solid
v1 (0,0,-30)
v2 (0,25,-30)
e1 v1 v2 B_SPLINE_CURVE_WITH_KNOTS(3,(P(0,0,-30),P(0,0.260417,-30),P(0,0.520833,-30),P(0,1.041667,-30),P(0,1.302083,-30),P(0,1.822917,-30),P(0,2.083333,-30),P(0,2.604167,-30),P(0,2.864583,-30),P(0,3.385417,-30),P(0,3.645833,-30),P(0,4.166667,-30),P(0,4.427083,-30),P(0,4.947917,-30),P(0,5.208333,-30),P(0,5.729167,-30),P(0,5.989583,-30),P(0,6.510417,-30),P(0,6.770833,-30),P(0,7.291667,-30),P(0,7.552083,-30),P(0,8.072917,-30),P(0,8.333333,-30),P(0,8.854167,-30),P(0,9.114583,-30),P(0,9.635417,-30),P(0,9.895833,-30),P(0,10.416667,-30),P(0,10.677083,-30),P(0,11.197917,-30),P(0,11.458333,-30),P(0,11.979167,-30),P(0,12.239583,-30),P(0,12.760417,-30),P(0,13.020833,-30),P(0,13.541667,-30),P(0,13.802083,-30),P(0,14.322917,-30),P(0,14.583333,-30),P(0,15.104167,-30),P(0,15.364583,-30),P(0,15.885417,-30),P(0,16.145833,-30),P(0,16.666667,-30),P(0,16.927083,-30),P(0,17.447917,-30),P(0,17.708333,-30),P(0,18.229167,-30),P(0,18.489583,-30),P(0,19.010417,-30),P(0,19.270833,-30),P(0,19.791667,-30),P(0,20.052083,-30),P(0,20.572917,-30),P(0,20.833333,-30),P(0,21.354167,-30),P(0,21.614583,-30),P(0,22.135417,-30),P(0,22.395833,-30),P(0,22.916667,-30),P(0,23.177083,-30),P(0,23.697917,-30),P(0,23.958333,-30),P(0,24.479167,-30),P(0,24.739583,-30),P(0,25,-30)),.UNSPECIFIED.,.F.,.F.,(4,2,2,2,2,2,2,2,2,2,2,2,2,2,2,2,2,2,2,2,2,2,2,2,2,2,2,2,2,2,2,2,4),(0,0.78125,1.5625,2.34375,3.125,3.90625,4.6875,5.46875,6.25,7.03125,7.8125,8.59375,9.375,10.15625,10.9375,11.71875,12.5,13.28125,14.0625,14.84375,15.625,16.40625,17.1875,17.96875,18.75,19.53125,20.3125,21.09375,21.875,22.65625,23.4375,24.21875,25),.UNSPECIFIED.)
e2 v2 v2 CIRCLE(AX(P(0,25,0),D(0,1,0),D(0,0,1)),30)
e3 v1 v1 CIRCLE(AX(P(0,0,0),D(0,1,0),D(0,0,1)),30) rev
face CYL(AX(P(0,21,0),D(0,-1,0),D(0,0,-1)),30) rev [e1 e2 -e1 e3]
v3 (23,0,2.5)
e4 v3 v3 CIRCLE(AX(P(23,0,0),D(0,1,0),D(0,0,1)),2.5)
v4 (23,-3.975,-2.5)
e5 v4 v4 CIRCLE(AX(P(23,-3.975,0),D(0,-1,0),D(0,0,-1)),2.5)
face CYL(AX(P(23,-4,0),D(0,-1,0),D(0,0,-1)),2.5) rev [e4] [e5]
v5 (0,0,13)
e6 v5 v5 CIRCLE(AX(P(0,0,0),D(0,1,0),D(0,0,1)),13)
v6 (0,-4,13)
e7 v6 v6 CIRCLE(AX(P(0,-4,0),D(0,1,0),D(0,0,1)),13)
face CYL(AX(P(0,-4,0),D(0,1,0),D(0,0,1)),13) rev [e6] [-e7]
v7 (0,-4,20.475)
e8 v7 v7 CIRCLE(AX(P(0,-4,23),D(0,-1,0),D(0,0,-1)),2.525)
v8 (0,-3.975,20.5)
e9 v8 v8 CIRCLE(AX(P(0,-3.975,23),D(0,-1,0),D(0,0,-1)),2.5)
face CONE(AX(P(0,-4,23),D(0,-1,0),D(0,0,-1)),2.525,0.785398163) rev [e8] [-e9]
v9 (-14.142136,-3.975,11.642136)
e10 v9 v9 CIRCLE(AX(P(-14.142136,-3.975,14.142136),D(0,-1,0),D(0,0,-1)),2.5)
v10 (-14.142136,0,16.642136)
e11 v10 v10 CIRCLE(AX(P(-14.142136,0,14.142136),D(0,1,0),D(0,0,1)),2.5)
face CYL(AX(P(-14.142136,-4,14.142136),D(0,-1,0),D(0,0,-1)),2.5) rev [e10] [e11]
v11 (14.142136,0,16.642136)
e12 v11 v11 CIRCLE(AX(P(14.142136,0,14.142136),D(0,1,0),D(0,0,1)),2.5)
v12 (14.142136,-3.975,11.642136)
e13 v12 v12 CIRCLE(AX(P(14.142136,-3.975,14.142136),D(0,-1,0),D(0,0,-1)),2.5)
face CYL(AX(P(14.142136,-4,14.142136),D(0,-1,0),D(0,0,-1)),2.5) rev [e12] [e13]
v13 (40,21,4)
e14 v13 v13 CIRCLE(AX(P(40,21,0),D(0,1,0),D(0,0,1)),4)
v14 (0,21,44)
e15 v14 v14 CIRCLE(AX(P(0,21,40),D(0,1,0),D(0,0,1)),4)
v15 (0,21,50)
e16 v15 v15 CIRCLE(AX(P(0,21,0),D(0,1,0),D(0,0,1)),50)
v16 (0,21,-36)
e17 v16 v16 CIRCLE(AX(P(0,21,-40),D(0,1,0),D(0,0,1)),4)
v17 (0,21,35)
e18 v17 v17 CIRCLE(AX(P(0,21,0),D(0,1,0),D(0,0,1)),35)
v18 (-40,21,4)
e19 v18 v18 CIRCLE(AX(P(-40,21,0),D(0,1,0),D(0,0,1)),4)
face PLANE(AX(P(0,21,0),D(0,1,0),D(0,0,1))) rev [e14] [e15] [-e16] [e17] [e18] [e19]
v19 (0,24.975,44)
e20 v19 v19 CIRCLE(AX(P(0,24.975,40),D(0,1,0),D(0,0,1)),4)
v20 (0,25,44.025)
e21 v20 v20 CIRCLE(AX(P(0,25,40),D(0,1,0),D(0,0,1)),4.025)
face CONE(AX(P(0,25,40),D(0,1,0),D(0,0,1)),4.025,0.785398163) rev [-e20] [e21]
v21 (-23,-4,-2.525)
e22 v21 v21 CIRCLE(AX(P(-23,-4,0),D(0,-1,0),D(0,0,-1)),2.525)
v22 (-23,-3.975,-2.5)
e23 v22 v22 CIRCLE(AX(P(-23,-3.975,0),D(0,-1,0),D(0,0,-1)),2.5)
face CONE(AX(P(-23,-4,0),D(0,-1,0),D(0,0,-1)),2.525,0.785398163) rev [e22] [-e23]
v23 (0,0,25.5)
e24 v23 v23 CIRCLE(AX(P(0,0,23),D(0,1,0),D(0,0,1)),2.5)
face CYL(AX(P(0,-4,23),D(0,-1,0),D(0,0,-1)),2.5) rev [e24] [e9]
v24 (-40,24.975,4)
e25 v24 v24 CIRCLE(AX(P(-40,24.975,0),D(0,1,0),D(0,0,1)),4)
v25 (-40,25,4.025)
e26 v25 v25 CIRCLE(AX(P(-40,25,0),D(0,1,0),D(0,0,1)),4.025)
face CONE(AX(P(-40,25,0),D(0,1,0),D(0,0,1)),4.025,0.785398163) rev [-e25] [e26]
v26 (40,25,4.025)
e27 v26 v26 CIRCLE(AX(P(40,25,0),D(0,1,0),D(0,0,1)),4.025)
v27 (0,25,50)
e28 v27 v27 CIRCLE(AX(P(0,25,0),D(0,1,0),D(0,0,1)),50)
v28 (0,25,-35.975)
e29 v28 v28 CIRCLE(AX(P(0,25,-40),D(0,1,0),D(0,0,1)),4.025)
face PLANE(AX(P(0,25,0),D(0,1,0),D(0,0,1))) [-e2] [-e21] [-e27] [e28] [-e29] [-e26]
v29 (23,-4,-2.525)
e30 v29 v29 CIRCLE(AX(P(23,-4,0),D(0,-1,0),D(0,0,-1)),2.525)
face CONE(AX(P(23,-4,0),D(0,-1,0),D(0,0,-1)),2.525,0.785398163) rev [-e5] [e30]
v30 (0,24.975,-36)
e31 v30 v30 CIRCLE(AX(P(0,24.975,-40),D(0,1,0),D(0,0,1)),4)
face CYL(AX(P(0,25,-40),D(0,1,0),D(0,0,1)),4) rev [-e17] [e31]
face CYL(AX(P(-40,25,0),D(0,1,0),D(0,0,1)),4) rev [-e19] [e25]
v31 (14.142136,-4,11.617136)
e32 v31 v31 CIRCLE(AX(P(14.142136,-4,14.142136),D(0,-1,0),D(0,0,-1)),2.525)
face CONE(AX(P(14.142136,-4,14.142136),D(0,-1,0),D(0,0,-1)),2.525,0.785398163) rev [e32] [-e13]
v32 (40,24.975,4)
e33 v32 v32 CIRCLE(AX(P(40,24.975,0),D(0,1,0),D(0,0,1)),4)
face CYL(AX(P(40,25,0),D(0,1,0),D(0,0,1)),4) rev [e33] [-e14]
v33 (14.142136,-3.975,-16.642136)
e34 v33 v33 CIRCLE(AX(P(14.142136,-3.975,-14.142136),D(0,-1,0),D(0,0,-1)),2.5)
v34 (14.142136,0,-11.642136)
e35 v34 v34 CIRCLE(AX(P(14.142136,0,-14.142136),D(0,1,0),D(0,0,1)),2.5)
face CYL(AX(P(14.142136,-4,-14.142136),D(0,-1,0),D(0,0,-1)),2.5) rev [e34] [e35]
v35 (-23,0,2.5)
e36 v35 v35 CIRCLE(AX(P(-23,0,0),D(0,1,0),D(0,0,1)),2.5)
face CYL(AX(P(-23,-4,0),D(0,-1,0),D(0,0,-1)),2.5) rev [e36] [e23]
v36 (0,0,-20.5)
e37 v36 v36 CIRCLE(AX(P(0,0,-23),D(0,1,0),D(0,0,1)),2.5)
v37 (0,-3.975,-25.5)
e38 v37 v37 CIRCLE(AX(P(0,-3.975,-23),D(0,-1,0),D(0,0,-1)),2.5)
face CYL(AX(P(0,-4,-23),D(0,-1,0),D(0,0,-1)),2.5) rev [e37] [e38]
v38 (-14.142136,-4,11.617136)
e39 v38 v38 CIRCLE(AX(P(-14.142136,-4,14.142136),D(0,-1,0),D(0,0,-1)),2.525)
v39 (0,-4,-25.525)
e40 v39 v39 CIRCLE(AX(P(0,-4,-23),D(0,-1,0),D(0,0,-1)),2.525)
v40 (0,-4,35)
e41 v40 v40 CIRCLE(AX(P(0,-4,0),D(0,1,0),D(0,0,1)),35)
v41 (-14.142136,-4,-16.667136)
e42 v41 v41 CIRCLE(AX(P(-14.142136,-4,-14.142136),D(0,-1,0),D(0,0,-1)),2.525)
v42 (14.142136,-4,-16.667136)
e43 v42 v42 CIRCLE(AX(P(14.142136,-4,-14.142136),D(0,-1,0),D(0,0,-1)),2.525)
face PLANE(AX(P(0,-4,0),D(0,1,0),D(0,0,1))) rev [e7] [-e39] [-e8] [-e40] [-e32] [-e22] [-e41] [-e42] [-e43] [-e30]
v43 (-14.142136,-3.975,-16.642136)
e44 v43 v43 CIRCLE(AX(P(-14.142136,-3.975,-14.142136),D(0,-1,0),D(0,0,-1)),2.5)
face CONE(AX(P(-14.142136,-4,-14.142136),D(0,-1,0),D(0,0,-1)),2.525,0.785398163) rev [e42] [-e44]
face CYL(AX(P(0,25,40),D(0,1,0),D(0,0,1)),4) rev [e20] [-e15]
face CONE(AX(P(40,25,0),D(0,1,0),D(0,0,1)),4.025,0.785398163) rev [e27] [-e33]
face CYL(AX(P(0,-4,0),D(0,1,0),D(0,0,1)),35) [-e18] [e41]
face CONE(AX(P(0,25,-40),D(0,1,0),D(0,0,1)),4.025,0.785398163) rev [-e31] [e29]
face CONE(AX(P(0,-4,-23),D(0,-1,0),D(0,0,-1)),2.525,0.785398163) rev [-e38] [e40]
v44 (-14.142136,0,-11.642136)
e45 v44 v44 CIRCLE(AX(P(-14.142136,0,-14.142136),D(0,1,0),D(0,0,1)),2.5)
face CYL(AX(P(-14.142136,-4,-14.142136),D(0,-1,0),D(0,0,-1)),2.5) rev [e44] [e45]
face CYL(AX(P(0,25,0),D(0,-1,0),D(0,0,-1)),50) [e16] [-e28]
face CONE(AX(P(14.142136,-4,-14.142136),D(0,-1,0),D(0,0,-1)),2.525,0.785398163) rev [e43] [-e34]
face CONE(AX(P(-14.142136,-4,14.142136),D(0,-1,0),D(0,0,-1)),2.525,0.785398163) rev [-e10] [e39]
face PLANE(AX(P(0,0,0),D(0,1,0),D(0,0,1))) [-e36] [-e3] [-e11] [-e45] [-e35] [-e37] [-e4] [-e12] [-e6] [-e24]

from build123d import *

# Parameters (mm, degrees)
SKETCH1_R                        = 35
SKETCH1_R_2                      = 13
BOSS_EXTRUDE1_DEPTH              = 4
F_5_0_MM_DOWEL_HOLES1_AT_2_COUNT = 2
F_5_0_MM_DOWEL_HOLES1_AT_2_PITCH = 32.526911935
F_5_0_MM_DOWEL_HOLES2_AT_2_COUNT = 2
F_5_0_MM_DOWEL_HOLES2_AT_2_PITCH = 28.284271247
BOSS_EXTRUDE2_START              = 21
SKETCH6_R                        = 35
SKETCH6_R_2                      = 30
BOSS_EXTRUDE2_DEPTH              = 21
BOSS_EXTRUDE3_START              = 4
SKETCH7_R                        = 50
SKETCH7_R_2                      = 30
BOSS_EXTRUDE3_DEPTH              = 4
F_8_0_MM_DOWEL_HOLES1_AT_2_COUNT = 2
F_8_0_MM_DOWEL_HOLES1_AT_2_PITCH = 56.568542495


with BuildPart() as part:
    # Sketch1 → Boss-Extrude1 (new body)
    with BuildSketch(Plane(origin=(0, 0, 0), x_dir=(1, 0, 0), z_dir=(0, 1, 0))):
        with Locations(Location((0, 0, 0), (0, 0, 270))):
            Circle(SKETCH1_R)
        with Locations(Location((0, 0, 0), (0, 0, 270))):
            Circle(SKETCH1_R_2, mode=Mode.SUBTRACT)
    extrude(amount=-BOSS_EXTRUDE1_DEPTH)

    # Sketch3 → Ø5.0 mm Dowel Holes1 (revolve, cut)
    with BuildSketch(Plane(origin=(0, -4, 23), x_dir=(0, 0, -1), z_dir=(1, 0, 0))):
        Polygon((0, 0), (0, 21.502151548), (2.5, 20), (2.5, 0.025), (2.525, 0), align=None)
    f_5_0_mm_dowel_holes1 = revolve(axis=Axis((0, -10.35, 23), (0, 1, 0)), mode=Mode.SUBTRACT)

    # Ø5.0 mm Dowel Holes1 at 2: Ø5.0 mm Dowel Holes1 ×2
    with Locations(*[Vector(-0.7071067811865476, 0, -0.7071067811865476) * (i * F_5_0_MM_DOWEL_HOLES1_AT_2_PITCH) for i in range(1, F_5_0_MM_DOWEL_HOLES1_AT_2_COUNT)]):
        add(f_5_0_mm_dowel_holes1, mode=Mode.SUBTRACT)

    # Mirror1: Ø5.0 mm Dowel Holes1 across plane
    add(f_5_0_mm_dowel_holes1.mirror(Plane(origin=(0, 0, 0), x_dir=(0, 0, 1), z_dir=(1, 0, 0))), mode=Mode.SUBTRACT)

    # Mirror1 copy 1 sketch → Mirror1 copy 1 (revolve, cut)
    with BuildSketch(Plane(origin=(23, -4, 0), x_dir=(0, 0, -1), z_dir=(-1, 0, 0))):
        Polygon((0, 0), (0, -21.502151548), (2.5, -20), (2.5, -0.025), (2.525, 0), align=None)
    revolve(axis=Axis((23, -10.35, 0), (0, -1, 0)), mode=Mode.SUBTRACT)

    # Mirror1 at the second plane: Ø5.0 mm Dowel Holes1 across plane
    add(f_5_0_mm_dowel_holes1.mirror(Plane.XY), mode=Mode.SUBTRACT)

    # Mirror1 at the second plane copy 1 sketc → Mirror1 at the second plane copy 1 (revolve, cut)
    with BuildSketch(Plane(origin=(-23, -4, 0), x_dir=(0, 0, 1), z_dir=(1, 0, 0))):
        Polygon((0, 0), (0, -21.502151548), (2.5, -20), (2.5, -0.025), (2.525, 0), align=None)
    revolve(axis=Axis((-23, -10.35, 0), (0, -1, 0)), mode=Mode.SUBTRACT)

    # Sketch5 → Ø5.0 mm Dowel Holes2 (revolve, cut)
    with BuildSketch(Plane(origin=(-14.142135624, -4, 14.142135624), x_dir=(0, 0, -1), z_dir=(1, 0, 0))):
        Polygon((0, 0), (0, 21.502151548), (2.5, 20), (2.5, 0.025), (2.525, 0), align=None)
    f_5_0_mm_dowel_holes2 = revolve(axis=Axis((-14.142135624, -10.35, 14.142135624), (0, 1, 0)), mode=Mode.SUBTRACT)

    # Ø5.0 mm Dowel Holes2 at 2: Ø5.0 mm Dowel Holes2 ×2
    with Locations(*[(i * F_5_0_MM_DOWEL_HOLES2_AT_2_PITCH, 0, 0) for i in range(1, F_5_0_MM_DOWEL_HOLES2_AT_2_COUNT)]):
        add(f_5_0_mm_dowel_holes2, mode=Mode.SUBTRACT)

    # Mirror2: Ø5.0 mm Dowel Holes2 across plane
    add(f_5_0_mm_dowel_holes2.mirror(Plane.XY), mode=Mode.SUBTRACT)

    # Mirror2 copy 1 sketch → Mirror2 copy 1 (revolve, cut)
    with BuildSketch(Plane(origin=(14.142135624, -4, -14.142135624), x_dir=(0, 0, 1), z_dir=(1, 0, 0))):
        Polygon((0, 0), (0, -21.502151548), (2.5, -20), (2.5, -0.025), (2.525, 0), align=None)
    revolve(axis=Axis((14.142135624, -10.35, -14.142135624), (0, -1, 0)), mode=Mode.SUBTRACT)

    # Sketch6 → Boss-Extrude2 (add)
    with BuildSketch(Plane(origin=(0, 0, 0), x_dir=(1, 0, 0), z_dir=(0, 1, 0)).offset(BOSS_EXTRUDE2_START)):
        with Locations(Location((0, 0, 0), (0, 0, 270))):
            Circle(SKETCH6_R)
        with Locations(Location((0, 0, 0), (0, 0, 90))):
            Circle(SKETCH6_R_2, mode=Mode.SUBTRACT)
    extrude(amount=-BOSS_EXTRUDE2_DEPTH)

    # Sketch7 → Boss-Extrude3 (add)
    with BuildSketch(Plane(origin=(0, 21, 0), x_dir=(1, 0, 0), z_dir=(0, 1, 0)).offset(BOSS_EXTRUDE3_START)):
        with Locations(Location((0, 0, 0), (0, 0, 270))):
            Circle(SKETCH7_R)
        with Locations(Location((0, 0, 0), (0, 0, 90))):
            Circle(SKETCH7_R_2, mode=Mode.SUBTRACT)
    extrude(amount=-BOSS_EXTRUDE3_DEPTH)

    # Sketch9 → Ø8.0 mm Dowel Holes1 (revolve, cut)
    with BuildSketch(Plane(origin=(0, 25, -40), x_dir=(0, 0, 1), z_dir=(1, 0, 0))):
        Polygon((0, 0), (0, 22.403442476), (4, 20), (4, 0.025), (4.025, 0), align=None)
    f_8_0_mm_dowel_holes1 = revolve(axis=Axis((0, 31.35, -40), (0, -1, 0)), mode=Mode.SUBTRACT)

    # Ø8.0 mm Dowel Holes1 at 2: Ø8.0 mm Dowel Holes1 ×2
    with Locations(*[Vector(-0.7071067811865476, 0, 0.7071067811865476) * (i * F_8_0_MM_DOWEL_HOLES1_AT_2_PITCH) for i in range(1, F_8_0_MM_DOWEL_HOLES1_AT_2_COUNT)]):
        add(f_8_0_mm_dowel_holes1, mode=Mode.SUBTRACT)

    # Mirror3: Ø8.0 mm Dowel Holes1 across plane
    add(f_8_0_mm_dowel_holes1.mirror(Plane(origin=(0, 0, 0), x_dir=(0, 0, 1), z_dir=(1, 0, 0))), mode=Mode.SUBTRACT)

    # Mirror3 copy 1 sketch → Mirror3 copy 1 (revolve, cut)
    with BuildSketch(Plane(origin=(40, 25, 0), x_dir=(0, 0, 1), z_dir=(-1, 0, 0))):
        Polygon((0, 0), (0, -22.403442476), (4, -20), (4, -0.025), (4.025, 0), align=None)
    revolve(axis=Axis((40, 31.35, 0), (0, 1, 0)), mode=Mode.SUBTRACT)

    # Mirror3 at the second plane: Ø8.0 mm Dowel Holes1 across plane
    add(f_8_0_mm_dowel_holes1.mirror(Plane.XY), mode=Mode.SUBTRACT)

    # Mirror3 at the second plane copy 1 sketc → Mirror3 at the second plane copy 1 (revolve, cut)
    with BuildSketch(Plane(origin=(-40, 25, 0), x_dir=(0, 0, -1), z_dir=(1, 0, 0))):
        Polygon((0, 0), (0, -22.403442476), (4, -20), (4, -0.025), (4.025, 0), align=None)
    revolve(axis=Axis((-40, 31.35, 0), (0, 1, 0)), mode=Mode.SUBTRACT)


solid = part.part
